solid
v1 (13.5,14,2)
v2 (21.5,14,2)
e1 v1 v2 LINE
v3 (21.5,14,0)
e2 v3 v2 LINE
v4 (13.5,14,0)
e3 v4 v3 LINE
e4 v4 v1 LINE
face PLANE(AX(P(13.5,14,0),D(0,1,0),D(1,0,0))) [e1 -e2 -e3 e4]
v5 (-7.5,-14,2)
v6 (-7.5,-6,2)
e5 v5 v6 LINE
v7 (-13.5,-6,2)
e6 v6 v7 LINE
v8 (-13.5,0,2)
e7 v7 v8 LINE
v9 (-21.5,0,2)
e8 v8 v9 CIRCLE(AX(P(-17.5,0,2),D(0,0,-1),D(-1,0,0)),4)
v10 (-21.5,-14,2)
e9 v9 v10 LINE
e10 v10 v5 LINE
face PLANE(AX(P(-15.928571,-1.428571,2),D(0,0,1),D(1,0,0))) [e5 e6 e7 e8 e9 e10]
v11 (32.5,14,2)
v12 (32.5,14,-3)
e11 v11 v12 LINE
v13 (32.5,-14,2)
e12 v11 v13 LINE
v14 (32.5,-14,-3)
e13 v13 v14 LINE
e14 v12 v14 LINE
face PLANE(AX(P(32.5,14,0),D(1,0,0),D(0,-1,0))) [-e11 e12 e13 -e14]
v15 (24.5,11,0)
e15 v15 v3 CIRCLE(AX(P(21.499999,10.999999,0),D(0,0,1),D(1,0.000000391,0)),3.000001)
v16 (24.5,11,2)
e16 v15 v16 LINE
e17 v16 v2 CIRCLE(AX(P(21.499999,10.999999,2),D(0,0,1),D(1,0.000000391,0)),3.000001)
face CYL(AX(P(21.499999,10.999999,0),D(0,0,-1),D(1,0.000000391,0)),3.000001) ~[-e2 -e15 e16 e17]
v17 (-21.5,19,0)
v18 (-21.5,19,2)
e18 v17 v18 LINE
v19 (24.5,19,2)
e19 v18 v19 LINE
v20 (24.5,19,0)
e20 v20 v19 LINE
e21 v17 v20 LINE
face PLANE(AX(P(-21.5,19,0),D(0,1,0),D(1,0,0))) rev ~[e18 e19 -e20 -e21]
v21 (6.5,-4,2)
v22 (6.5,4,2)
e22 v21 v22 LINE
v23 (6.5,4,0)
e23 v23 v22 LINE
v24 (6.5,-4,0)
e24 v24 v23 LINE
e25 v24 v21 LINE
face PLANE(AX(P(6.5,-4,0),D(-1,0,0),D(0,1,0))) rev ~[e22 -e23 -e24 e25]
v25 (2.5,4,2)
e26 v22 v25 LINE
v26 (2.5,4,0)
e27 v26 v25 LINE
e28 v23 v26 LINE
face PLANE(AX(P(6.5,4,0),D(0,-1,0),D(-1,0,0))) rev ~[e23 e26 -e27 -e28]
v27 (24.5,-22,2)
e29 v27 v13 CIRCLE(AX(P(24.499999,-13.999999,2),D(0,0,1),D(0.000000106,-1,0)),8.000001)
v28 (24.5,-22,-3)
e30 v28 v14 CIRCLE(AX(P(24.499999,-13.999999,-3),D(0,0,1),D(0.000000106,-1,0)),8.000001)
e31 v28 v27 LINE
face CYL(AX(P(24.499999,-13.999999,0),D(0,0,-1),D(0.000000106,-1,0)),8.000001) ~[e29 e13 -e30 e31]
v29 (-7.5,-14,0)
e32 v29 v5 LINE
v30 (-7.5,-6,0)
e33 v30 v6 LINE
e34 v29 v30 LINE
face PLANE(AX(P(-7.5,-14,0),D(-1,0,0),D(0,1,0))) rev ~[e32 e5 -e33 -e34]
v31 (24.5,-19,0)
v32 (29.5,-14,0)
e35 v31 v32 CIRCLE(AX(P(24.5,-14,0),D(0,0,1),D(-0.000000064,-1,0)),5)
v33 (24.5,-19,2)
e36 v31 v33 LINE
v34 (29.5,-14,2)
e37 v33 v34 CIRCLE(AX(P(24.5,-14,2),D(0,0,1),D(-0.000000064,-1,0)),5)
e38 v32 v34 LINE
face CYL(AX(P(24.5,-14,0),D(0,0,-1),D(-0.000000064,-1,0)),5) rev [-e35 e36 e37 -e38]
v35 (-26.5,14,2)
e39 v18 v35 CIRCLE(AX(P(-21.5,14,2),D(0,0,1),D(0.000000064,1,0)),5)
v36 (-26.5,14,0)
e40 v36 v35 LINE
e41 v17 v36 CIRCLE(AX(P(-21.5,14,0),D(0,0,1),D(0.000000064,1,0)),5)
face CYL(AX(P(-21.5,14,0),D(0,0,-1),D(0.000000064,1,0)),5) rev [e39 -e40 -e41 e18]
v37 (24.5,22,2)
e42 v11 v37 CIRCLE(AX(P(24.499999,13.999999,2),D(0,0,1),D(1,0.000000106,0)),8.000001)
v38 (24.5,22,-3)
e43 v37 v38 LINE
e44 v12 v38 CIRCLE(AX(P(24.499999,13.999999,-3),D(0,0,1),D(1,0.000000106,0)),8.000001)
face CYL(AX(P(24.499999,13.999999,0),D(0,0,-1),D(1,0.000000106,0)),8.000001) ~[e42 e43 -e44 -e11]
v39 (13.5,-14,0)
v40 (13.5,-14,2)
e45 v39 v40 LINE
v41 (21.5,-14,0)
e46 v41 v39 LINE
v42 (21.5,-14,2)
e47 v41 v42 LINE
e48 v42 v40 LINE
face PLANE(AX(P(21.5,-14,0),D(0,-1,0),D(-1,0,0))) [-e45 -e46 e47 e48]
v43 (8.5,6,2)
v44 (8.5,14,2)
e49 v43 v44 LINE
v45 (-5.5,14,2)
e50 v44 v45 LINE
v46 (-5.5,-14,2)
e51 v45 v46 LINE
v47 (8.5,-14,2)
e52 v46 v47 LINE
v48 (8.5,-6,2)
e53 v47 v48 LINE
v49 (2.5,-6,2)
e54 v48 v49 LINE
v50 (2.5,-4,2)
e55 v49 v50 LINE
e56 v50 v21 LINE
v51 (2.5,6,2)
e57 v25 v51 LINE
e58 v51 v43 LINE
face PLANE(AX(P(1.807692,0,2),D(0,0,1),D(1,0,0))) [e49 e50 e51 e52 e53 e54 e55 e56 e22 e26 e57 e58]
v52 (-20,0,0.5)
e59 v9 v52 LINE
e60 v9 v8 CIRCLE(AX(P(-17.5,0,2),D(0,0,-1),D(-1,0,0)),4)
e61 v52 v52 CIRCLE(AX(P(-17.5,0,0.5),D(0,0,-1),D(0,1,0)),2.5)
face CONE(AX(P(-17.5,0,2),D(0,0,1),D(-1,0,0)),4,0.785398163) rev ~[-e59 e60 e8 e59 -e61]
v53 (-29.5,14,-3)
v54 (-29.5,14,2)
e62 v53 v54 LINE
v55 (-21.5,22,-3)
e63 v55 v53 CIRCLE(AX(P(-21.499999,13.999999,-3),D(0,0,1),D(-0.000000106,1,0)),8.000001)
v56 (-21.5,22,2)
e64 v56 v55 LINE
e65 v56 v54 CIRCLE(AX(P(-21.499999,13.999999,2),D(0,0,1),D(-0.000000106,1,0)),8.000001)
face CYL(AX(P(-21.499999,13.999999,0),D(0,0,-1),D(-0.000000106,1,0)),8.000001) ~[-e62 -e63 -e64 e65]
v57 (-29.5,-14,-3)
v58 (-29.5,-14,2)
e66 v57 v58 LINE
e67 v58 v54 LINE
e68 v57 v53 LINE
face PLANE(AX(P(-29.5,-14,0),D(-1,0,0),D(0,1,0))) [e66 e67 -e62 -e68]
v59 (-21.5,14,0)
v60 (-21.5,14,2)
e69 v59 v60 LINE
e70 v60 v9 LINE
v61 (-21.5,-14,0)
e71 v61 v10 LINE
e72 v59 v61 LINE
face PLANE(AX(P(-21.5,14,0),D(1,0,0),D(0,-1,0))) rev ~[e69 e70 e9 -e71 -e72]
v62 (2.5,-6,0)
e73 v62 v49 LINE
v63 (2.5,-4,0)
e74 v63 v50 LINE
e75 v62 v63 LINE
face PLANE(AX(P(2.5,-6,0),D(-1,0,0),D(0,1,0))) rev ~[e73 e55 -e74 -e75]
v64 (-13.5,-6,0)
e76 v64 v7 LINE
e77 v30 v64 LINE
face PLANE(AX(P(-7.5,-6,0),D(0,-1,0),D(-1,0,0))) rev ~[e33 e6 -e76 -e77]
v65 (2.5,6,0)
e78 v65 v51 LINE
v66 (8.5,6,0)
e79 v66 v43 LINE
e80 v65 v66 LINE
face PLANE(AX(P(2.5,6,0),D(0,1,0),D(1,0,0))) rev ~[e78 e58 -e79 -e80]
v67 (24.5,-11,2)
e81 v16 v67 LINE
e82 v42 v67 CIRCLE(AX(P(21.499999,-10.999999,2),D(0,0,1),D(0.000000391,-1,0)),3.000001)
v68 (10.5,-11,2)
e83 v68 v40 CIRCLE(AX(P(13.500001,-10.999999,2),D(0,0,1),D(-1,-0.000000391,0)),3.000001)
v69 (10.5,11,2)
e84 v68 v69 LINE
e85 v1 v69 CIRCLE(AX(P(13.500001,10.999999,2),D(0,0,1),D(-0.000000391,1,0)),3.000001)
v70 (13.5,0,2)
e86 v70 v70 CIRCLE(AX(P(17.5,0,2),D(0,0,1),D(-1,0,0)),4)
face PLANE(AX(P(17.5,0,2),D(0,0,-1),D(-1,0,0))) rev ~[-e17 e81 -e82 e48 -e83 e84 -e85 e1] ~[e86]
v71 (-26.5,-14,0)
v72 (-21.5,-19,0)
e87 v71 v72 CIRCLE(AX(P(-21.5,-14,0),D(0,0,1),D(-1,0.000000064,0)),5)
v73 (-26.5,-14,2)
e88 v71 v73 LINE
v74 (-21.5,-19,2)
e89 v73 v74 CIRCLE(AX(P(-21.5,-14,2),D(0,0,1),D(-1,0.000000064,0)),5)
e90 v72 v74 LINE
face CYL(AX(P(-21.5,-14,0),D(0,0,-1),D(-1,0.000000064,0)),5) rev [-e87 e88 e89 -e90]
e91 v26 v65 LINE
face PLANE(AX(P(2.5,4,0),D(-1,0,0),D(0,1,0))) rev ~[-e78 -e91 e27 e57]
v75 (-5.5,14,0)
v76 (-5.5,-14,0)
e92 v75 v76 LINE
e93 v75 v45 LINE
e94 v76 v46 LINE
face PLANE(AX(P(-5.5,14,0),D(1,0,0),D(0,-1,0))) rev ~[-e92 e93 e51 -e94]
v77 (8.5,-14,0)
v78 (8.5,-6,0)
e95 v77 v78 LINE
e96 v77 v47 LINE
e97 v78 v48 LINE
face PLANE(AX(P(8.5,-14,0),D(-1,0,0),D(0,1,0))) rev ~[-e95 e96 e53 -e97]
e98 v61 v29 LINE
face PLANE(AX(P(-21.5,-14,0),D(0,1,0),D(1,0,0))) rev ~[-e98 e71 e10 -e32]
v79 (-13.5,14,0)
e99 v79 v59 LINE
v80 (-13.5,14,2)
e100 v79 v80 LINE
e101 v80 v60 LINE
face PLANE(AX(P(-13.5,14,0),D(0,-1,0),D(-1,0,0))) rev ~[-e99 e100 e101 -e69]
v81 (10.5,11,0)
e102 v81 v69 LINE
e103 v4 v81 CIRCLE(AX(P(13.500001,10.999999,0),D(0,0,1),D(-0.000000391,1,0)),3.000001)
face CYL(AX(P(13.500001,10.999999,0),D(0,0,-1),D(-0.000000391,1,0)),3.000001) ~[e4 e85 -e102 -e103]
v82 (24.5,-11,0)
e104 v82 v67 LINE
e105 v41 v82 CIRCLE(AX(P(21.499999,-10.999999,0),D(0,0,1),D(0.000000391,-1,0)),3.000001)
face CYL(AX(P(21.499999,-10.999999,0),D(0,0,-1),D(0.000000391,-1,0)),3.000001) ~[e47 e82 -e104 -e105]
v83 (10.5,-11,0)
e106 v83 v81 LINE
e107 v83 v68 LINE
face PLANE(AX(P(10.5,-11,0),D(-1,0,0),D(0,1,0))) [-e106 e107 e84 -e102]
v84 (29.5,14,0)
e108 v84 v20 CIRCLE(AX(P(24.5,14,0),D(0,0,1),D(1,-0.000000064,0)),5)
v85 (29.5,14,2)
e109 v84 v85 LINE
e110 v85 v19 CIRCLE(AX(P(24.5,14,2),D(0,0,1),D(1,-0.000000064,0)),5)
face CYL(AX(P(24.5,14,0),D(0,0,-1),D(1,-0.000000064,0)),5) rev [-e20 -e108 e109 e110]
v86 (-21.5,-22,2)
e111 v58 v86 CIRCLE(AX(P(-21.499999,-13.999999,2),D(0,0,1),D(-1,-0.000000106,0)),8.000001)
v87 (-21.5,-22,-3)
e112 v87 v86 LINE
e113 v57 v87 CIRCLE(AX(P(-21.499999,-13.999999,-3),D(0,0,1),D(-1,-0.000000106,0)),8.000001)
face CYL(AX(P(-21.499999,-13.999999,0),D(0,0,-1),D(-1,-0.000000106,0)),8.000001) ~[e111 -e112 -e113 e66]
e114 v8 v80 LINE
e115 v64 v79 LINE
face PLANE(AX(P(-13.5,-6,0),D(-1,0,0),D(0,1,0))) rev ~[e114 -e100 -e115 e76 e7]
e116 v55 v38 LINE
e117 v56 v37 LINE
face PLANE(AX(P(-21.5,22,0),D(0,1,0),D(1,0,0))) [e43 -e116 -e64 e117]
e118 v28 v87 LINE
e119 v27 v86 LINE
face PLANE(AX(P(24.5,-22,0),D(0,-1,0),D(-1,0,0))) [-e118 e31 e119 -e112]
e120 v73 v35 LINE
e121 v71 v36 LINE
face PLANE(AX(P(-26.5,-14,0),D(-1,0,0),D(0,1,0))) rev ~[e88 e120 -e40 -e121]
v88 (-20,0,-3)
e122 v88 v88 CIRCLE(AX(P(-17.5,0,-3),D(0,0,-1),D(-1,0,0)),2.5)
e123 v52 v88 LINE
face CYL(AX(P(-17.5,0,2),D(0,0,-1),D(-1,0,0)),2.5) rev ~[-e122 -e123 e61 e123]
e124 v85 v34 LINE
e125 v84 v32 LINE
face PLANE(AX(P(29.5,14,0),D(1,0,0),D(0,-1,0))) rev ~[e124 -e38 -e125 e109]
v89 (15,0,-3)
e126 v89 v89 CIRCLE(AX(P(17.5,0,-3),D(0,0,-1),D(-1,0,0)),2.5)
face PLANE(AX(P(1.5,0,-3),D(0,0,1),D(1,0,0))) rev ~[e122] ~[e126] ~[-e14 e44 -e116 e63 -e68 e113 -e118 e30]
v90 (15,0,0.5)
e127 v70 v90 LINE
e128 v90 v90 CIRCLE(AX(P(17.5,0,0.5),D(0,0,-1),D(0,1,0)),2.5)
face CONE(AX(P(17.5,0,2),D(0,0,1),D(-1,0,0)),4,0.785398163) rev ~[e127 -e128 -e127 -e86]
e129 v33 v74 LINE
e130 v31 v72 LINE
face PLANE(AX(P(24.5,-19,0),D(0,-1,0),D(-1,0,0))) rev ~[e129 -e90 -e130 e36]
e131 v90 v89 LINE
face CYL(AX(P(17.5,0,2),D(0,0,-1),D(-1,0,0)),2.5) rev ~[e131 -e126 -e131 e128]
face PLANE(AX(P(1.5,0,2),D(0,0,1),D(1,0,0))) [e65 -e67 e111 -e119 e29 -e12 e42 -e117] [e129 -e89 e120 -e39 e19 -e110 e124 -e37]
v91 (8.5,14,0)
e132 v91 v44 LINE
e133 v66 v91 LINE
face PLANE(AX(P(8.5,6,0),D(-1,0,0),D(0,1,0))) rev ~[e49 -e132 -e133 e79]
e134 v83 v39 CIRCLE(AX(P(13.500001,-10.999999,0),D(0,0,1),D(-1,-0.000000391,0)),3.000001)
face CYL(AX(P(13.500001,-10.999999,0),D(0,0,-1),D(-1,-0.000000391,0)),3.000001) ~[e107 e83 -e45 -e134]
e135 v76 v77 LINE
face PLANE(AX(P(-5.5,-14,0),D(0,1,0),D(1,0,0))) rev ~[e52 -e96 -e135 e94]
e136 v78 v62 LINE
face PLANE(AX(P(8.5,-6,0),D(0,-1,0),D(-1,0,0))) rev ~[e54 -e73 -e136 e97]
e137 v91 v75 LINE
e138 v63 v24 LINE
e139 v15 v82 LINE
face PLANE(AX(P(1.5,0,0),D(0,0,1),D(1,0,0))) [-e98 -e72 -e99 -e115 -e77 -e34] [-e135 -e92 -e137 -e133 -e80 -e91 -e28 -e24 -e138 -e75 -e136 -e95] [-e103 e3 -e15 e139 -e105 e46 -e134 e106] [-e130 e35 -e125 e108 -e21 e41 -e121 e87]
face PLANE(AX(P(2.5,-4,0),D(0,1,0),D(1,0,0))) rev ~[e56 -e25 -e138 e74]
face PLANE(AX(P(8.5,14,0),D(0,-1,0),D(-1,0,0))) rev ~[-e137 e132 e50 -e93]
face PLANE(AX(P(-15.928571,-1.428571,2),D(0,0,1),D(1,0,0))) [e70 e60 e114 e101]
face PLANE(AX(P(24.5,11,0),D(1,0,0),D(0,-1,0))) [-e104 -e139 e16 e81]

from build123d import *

# Parameters (mm, degrees)
PAD_DEPTH        = 3
PAD001_DEPTH     = 2
HOLE_D           = 5
HOLE_DEPTH       = 25
HOLE_CSINK_D     = 8
HOLE_CSINK_ANGLE = 90


with BuildPart() as part:
    # Sketch001 → Pad (new body)
    with BuildSketch(Plane.XY):
        with BuildLine():
            ThreePointArc((-21.5, 22), (-27.156854, 19.656854), (-29.5, 14))
            Line((-29.5, -14), (-29.5, 14))
            ThreePointArc((-29.5, -14), (-27.156854, -19.656854), (-21.5, -22))
            Line((24.5, -22), (-21.5, -22))
            ThreePointArc((24.5, -22), (30.156854, -19.656854), (32.5, -14))
            Line((32.5, 14), (32.5, -14))
            ThreePointArc((32.5, 14), (30.156854, 19.656854), (24.5, 22))
            Line((-21.5, 22), (24.5, 22))
        make_face()
    extrude(amount=-PAD_DEPTH)

    # Sketch → Pad001 (join)
    with BuildSketch(Plane.XY):
        with BuildLine():
            ThreePointArc((-21.5, 22), (-27.156854, 19.656854), (-29.5, 14))
            Line((-29.5, -14), (-29.5, 14))
            ThreePointArc((-29.5, -14), (-27.156854, -19.656854), (-21.5, -22))
            Line((24.5, -22), (-21.5, -22))
            ThreePointArc((24.5, -22), (30.156854, -19.656854), (32.5, -14))
            Line((32.5, 14), (32.5, -14))
            ThreePointArc((32.5, 14), (30.156854, 19.656854), (24.5, 22))
            Line((-21.5, 22), (24.5, 22))
        make_face()
        with BuildLine():
            ThreePointArc((-26.5, -14), (-25.035534, -17.535534), (-21.5, -19))
            Line((24.5, -19), (-21.5, -19))
            ThreePointArc((24.5, -19), (28.035534, -17.535534), (29.5, -14))
            Line((29.5, 14), (29.5, -14))
            ThreePointArc((29.5, 14), (28.035534, 17.535534), (24.5, 19))
            Line((-21.5, 19), (24.5, 19))
            ThreePointArc((-21.5, 19), (-25.035534, 17.535534), (-26.5, 14))
            Line((-26.5, -14), (-26.5, 14))
        make_face(mode=Mode.SUBTRACT)
        Polygon((-21.5, 14), (-21.5, -14), (-7.5, -14), (-7.5, -6), (-13.5, -6), (-13.5, 14), align=None)
        Polygon((8.5, 14), (-5.5, 14), (-5.5, -14), (8.5, -14), (8.5, -6), (2.5, -6), (2.5, -4), (6.5, -4), (6.5, 4), (2.5, 4), (2.5, 6), (8.5, 6), align=None)
        with BuildLine():
            Line((13.5, 14), (21.5, 14))
            ThreePointArc((24.5, 11), (23.62132, 13.12132), (21.5, 14))
            Line((24.5, 11), (24.5, -11))
            ThreePointArc((21.5, -14), (23.62132, -13.12132), (24.5, -11))
            Line((21.5, -14), (13.5, -14))
            ThreePointArc((10.5, -11), (11.37868, -13.12132), (13.5, -14))
            Line((10.5, -11), (10.5, 11))
            ThreePointArc((13.5, 14), (11.37868, 13.12132), (10.5, 11))
        make_face()
    extrude(amount=PAD001_DEPTH)

    # Hole
    with Locations(Plane.XY.offset(2)):
        with Locations((-17.5, 0), (17.5, 0)):
            CounterSinkHole(HOLE_D / 2, HOLE_CSINK_D / 2, depth=HOLE_DEPTH, counter_sink_angle=HOLE_CSINK_ANGLE)


solid = part.part
